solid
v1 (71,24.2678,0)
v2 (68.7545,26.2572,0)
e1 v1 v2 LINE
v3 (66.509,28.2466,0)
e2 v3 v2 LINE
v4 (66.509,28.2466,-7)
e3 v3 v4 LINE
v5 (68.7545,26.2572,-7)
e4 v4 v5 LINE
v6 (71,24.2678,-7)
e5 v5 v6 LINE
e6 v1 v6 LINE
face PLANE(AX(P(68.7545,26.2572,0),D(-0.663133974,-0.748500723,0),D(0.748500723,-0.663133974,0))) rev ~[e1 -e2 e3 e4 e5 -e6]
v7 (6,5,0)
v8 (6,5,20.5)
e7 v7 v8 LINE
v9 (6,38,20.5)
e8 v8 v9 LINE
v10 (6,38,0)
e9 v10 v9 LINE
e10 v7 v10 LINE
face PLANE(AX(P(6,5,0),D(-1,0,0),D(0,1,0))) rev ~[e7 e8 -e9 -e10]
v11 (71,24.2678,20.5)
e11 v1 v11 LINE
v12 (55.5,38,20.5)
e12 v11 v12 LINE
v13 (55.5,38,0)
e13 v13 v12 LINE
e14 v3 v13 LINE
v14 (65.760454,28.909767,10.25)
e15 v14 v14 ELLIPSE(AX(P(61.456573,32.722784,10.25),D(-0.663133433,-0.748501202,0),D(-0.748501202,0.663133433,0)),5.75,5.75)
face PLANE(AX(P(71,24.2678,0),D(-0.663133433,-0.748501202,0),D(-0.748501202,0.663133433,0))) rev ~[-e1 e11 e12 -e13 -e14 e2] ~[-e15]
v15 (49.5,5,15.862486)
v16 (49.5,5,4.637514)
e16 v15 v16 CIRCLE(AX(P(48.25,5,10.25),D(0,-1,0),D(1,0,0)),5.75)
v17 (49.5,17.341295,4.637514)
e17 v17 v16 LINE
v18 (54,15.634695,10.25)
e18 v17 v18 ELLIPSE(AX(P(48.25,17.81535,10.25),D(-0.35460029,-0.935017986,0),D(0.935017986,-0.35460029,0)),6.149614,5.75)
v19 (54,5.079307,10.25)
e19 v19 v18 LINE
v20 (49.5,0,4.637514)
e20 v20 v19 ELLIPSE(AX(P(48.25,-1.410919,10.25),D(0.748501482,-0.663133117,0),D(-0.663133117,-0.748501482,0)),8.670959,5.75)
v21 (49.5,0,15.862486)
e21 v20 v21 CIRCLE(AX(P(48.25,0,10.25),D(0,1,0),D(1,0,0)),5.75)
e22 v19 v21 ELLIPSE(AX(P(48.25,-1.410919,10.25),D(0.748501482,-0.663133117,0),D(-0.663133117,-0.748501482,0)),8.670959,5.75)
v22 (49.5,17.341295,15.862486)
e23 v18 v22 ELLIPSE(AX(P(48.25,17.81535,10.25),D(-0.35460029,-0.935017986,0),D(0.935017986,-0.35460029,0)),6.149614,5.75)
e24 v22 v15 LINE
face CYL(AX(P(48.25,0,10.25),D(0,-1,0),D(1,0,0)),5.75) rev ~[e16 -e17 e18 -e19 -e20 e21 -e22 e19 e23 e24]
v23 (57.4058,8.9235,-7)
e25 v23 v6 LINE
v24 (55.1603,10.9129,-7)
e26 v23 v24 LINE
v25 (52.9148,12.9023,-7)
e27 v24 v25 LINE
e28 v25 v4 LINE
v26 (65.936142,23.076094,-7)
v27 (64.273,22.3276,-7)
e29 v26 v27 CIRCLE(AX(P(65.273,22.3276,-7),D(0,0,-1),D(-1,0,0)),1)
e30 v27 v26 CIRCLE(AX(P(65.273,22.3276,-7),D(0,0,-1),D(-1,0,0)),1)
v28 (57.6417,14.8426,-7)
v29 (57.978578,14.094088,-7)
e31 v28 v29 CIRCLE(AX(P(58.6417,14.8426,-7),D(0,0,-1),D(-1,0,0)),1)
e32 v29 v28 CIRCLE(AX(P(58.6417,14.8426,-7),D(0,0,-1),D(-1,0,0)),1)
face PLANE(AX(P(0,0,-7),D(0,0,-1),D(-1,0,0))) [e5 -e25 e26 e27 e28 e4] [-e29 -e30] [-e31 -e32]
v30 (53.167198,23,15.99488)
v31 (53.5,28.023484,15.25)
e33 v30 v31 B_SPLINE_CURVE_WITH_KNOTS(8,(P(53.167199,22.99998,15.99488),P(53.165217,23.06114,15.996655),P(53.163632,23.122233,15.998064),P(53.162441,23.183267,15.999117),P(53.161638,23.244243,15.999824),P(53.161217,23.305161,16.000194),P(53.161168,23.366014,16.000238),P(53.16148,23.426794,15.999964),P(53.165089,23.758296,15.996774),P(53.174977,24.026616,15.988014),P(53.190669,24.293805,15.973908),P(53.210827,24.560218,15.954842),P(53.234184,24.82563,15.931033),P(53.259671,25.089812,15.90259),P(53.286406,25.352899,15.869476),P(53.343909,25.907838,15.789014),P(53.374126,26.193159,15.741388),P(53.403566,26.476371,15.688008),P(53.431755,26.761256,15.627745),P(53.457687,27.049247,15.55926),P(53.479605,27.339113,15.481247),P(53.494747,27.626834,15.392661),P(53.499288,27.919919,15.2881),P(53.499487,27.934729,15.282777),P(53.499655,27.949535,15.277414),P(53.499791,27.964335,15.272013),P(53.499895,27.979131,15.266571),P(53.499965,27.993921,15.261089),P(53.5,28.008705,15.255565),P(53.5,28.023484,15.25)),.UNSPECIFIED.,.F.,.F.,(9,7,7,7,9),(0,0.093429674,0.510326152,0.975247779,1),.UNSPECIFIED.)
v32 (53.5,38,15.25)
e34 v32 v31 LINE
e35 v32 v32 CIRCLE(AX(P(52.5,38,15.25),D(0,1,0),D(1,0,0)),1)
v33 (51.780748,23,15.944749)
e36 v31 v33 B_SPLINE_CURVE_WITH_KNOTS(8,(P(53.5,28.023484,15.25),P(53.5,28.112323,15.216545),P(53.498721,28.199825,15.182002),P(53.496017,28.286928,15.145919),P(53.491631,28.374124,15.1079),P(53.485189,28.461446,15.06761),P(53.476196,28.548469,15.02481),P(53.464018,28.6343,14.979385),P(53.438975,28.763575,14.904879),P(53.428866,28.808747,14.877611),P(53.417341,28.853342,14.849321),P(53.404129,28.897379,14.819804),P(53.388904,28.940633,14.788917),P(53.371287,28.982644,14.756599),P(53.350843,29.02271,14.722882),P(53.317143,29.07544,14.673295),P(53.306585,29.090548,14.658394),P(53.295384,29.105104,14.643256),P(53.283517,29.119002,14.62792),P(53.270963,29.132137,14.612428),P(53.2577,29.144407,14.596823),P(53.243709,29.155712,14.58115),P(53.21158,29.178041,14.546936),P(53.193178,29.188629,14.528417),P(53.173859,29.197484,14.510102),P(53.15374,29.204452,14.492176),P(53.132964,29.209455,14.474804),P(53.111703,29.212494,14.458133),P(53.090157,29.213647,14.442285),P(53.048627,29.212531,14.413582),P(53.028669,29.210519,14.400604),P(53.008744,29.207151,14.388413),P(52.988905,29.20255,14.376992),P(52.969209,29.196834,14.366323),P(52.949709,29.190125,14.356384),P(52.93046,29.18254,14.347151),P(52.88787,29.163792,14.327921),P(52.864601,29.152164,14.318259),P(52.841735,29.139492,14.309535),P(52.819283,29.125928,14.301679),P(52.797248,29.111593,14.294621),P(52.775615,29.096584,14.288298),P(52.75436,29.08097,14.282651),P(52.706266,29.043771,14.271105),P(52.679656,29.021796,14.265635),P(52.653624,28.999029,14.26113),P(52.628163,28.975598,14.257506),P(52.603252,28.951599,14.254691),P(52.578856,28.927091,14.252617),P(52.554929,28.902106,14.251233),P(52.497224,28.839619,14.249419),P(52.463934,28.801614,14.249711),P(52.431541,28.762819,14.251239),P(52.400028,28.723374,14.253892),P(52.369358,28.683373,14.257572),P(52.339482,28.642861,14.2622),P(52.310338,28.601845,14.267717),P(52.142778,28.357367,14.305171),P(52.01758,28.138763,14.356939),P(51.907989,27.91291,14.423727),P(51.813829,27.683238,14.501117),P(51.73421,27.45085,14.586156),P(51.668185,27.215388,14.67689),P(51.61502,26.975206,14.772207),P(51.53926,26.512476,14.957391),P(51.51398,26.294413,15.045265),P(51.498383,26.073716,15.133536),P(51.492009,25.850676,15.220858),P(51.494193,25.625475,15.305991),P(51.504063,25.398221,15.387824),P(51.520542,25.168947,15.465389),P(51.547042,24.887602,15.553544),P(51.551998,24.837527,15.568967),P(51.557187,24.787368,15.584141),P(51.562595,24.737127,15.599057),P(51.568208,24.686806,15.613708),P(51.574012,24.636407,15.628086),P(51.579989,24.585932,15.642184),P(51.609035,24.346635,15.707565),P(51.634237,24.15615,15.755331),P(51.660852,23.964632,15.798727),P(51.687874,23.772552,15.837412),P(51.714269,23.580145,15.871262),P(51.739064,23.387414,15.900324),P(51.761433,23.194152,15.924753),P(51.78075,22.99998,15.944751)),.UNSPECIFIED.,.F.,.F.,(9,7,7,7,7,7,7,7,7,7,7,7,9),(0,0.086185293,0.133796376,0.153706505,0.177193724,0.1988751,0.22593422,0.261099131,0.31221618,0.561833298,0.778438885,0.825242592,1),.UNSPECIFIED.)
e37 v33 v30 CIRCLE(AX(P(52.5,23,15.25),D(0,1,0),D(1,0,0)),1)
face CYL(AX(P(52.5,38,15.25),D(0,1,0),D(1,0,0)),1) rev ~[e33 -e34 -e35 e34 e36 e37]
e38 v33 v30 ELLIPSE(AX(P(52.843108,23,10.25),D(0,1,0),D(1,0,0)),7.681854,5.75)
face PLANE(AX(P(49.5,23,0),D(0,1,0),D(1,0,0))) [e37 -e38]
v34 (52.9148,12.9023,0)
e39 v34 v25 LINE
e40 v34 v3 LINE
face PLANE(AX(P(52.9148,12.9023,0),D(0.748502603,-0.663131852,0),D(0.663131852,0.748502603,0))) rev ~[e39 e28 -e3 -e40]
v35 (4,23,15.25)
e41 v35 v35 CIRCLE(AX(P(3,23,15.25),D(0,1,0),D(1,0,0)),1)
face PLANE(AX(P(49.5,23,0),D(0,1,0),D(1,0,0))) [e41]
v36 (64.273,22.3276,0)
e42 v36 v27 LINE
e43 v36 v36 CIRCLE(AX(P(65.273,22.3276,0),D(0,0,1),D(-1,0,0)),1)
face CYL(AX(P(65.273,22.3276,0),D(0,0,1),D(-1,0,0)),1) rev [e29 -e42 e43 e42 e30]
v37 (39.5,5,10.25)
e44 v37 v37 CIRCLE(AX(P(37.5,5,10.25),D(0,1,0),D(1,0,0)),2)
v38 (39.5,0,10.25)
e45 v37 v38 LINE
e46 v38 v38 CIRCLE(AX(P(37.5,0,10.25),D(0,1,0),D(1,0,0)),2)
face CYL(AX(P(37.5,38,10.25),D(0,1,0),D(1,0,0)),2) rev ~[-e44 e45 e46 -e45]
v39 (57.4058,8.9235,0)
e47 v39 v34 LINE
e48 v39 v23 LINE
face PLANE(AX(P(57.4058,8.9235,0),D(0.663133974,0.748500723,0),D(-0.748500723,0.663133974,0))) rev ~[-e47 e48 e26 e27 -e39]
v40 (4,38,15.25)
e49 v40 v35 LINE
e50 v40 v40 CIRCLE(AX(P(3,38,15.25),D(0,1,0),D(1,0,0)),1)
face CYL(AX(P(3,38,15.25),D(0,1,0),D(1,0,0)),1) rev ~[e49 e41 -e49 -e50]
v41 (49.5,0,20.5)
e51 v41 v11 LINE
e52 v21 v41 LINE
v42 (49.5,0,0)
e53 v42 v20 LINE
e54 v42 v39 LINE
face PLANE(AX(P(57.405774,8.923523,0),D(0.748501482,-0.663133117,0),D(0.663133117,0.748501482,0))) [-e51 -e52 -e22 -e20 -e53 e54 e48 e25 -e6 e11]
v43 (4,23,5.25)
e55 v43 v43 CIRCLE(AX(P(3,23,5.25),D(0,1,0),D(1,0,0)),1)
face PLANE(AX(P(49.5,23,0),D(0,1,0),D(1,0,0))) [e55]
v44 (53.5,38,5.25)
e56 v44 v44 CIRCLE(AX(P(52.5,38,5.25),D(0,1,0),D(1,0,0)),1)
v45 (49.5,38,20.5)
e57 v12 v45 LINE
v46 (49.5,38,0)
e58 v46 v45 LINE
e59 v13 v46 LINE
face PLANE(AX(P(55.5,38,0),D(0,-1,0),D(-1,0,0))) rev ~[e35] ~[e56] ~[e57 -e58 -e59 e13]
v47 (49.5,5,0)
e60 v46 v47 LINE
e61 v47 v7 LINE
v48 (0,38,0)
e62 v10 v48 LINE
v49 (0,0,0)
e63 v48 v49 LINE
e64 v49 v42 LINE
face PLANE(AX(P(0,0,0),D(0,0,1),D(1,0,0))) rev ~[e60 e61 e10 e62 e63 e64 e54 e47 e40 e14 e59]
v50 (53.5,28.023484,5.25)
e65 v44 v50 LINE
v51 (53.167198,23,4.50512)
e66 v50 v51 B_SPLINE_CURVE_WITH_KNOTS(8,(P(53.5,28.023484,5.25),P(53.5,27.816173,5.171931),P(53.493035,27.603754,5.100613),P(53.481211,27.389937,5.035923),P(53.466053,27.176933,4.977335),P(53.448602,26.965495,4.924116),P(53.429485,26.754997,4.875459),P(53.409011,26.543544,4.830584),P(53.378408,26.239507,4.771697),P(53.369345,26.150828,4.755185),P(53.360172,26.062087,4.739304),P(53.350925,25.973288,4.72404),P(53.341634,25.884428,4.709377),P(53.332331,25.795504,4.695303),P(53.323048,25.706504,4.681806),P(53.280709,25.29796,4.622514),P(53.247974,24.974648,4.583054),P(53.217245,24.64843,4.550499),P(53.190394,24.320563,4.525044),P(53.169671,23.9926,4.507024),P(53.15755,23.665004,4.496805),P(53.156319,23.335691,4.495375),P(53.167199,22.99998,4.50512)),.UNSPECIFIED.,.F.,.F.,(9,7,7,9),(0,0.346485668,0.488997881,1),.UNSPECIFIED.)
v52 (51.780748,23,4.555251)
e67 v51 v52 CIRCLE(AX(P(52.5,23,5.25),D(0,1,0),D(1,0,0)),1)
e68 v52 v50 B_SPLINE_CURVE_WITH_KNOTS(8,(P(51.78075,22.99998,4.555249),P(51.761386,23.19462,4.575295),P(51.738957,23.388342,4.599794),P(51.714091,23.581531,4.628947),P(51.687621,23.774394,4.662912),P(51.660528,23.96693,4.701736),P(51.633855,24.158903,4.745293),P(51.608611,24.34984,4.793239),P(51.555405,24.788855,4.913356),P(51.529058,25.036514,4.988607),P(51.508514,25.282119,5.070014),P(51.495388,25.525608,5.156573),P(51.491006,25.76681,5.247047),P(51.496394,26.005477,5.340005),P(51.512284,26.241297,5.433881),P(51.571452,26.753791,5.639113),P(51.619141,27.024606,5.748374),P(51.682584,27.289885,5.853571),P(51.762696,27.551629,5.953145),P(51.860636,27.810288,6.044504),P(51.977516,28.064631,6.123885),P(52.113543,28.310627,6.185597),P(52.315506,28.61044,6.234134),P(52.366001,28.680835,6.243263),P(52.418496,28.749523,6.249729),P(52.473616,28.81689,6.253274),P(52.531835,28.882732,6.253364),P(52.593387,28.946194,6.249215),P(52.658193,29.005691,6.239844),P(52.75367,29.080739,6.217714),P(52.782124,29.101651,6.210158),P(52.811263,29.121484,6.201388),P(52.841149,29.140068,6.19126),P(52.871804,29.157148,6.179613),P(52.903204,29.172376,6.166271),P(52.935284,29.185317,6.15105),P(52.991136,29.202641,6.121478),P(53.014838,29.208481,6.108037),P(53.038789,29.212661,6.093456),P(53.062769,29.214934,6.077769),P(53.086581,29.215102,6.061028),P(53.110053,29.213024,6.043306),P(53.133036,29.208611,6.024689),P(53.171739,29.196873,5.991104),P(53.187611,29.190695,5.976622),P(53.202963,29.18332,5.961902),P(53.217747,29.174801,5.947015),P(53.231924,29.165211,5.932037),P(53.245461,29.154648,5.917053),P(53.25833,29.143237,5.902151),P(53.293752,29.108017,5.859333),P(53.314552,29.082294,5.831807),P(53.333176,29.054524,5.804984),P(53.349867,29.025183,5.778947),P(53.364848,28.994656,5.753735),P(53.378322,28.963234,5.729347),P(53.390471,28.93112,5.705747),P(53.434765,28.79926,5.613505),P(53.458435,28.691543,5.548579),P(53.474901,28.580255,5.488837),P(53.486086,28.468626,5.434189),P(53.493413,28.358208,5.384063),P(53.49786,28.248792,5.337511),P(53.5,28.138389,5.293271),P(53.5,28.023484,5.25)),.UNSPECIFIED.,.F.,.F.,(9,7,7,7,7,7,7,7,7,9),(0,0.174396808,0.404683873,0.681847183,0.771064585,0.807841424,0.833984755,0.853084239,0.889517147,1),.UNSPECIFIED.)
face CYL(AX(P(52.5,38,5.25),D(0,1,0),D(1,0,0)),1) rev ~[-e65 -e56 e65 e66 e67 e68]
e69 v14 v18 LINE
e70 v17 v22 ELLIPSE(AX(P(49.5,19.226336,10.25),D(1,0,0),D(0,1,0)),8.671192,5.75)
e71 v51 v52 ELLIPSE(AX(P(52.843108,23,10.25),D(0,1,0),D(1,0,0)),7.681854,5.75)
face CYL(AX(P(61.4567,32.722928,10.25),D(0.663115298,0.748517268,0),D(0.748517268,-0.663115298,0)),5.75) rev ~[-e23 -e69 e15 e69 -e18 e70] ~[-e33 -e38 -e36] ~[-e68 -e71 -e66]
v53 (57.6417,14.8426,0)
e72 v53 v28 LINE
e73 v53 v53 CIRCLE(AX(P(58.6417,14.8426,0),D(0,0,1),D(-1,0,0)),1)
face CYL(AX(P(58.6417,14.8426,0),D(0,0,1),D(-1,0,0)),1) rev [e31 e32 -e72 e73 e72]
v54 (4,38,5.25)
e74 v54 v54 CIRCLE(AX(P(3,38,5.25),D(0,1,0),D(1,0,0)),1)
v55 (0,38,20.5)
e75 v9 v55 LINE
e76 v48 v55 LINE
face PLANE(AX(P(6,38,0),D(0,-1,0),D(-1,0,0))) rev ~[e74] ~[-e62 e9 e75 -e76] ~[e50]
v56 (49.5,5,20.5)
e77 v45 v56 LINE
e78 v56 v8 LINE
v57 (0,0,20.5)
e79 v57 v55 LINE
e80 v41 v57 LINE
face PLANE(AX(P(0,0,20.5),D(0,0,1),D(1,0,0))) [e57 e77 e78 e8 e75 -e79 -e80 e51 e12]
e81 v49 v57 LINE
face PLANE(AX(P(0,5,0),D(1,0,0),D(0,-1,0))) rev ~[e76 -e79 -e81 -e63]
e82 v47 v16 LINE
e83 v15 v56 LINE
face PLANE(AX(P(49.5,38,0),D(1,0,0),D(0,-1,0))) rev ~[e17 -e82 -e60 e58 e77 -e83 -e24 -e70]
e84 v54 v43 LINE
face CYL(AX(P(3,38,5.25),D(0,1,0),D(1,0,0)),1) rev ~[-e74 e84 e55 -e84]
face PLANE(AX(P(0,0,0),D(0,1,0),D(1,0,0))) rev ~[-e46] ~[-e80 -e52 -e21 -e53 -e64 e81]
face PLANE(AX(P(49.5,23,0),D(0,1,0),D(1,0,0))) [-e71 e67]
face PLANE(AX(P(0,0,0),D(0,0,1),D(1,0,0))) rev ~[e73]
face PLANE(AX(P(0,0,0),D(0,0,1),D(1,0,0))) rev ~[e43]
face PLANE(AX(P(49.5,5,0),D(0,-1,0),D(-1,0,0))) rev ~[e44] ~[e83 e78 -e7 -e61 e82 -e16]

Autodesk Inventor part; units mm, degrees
ref_plane "YZ Plane" through (0, 0, 0) normal (1, 0, 0) x (0, 1, 0)
ref_plane "XZ Plane" through (0, 0, 0) normal (0, 1, 0) x (-1, 0, 0)
ref_plane "XY Plane" through (0, 0, 0) normal (0, 0, 1) x (1, 0, 0)
sketch "Эскиз1" plane through (0, 0, 0) normal (0, 0, 1) x (1, 0, 0)
  line L0 (0, 0) -> (6, 0)
  line L1 (6, 0) -> (6, 38)
  line L2 (6, 38) -> (0, 38)
  line L3 (0, 38) -> (0, 0)
  line L4 (0, 0) -> (49.5, 0)
  line L5 (49.5, 0) -> (49.5, 5)
  line L6 (49.5, 5) -> (0, 5)
  line L7 (0, 5) -> (0, 0)
  line L8 (49.5, 0) -> (55.5, 0) construction
  line L9 (55.5, 0) -> (55.5, 38) construction
  line L10 (55.5, 38) -> (49.5, 38)
  line L11 (49.5, 38) -> (49.5, 0)
  line L12 (49.5, 0) -> (71, 24.2678)
  line L13 (71, 24.2678) -> (55.5, 38)
  dimension "d0" = 5
  dimension "d1" = 6
  dimension "d2" = 43.5
  dimension "d3" = 6
  dimension "d4" = 38
  dimension "d5" = 38
  dimension "d6" = 71
  dimension "d7" = 90
extrude "Выдавливание1" add sketch "Эскиз1" along normal blind 20.5
sketch "Эскиз2" plane through (0, 0, 0) normal (0, 0, -1) x (-1, 0, 0)
  line L0 (-49.5, 0) -> (-71, 24.2678) projected
  line L1 (-71, 24.2678) -> (-57.4058, 8.9235)
  line L2 (-57.4058, 8.9235) -> (-52.9148, 12.9023)
  line L3 (-52.9148, 12.9023) -> (-66.509, 28.2466)
  line L4 (-66.509, 28.2466) -> (-71, 24.2678)
  line L5 (-71, 24.2678) -> (-55.5, 38) projected
  line L6 (-58.6417, 14.8426) -> (-55.1603, 10.9129)
  line L7 (-65.273, 22.3276) -> (-68.7545, 26.2572)
  circle A0 centre (-65.273, 22.3276) radius 1
  circle A1 centre (-58.6417, 14.8426) radius 1
  point P0 (0, 0)
  dimension "d10" = 6
  dimension "d11" = 20.5
  dimension "d13" = 2
  dimension "d14" = 2
  dimension "d15" = 8
extrude "Выдавливание2" add sketch "Эскиз2" along normal blind 7
sketch "Эскиз3" plane through (49.5, 38, 0) normal (0, 1, 0) x (1, 0, 0)
  circle A0 centre (3, -5.25) radius 1
  circle A1 centre (3, -15.25) radius 1
  circle A2 centre (-46.5, -5.25) radius 1
  circle A3 centre (-46.5, -15.25) radius 1
  line L0 (6, -20.5) -> (0, -20.5) projected
  line L1 (3, -5.25) -> (3, -15.25) construction
  line L2 (6, 0) -> (6, -20.5) projected
  line L3 (-43.5, 0) -> (-49.5, 0) projected
  line L4 (0, 0) -> (0, -20.5) projected
  circle A4 centre (-12, -10.25) radius 2
  point P0 (3, -20.5)
  point P1 (3, -10.25)
  point P2 (6, -10.25)
  point P3 (-46.5, 0)
  point P4 (6, -10.25)
  dimension "d18" = 2
  dimension "d19" = 10
  dimension "d20" = 4
  dimension "d21" = 18
extrude "Выдавливание3" cut sketch "Эскиз3" against normal up to next contours A4
extrude "Выдавливание4" cut sketch "Эскиз3" against normal blind 15 contours A0 | A1 | A2 | A3
sketch "Эскиз4" plane through (55.5, 38, 20.5) normal (0.6631, 0.7485, 0) x (0.7485, -0.6631, 0)
  circle A0 centre (7.958, 10.25) radius 5.75
  line L0 (0, 20.5) -> (0, 0) projected
  line L1 (20.708, 27.5) -> (20.708, 0) projected
  point P0 (-16.3428, 20.5)
  point P1 (0, 10.25)
  dimension "d26" = 7
  dimension "d27" = 11.5
extrude "Выдавливание5" cut sketch "Эскиз4" against normal up to next
sketch "Эскиз5" plane through (0, 0, 0) normal (0, -1, 0) x (1, 0, 0)
  circle A0 centre (48.25, 10.25) radius 5.75
  line L0 (49.5, 0) -> (49.5, 20.5) projected
  circle A1 centre (37.5, 10.25) radius 2 projected
  point P0 (0, 0)
  point P1 (49.5, 10.25)
  dimension "d30" = 11.5
  dimension "d31" = 3
extrude "Выдавливание6" cut sketch "Эскиз5" against normal up to next contours A0 L0 | L0 A0
properties part number "kreplenie3"
